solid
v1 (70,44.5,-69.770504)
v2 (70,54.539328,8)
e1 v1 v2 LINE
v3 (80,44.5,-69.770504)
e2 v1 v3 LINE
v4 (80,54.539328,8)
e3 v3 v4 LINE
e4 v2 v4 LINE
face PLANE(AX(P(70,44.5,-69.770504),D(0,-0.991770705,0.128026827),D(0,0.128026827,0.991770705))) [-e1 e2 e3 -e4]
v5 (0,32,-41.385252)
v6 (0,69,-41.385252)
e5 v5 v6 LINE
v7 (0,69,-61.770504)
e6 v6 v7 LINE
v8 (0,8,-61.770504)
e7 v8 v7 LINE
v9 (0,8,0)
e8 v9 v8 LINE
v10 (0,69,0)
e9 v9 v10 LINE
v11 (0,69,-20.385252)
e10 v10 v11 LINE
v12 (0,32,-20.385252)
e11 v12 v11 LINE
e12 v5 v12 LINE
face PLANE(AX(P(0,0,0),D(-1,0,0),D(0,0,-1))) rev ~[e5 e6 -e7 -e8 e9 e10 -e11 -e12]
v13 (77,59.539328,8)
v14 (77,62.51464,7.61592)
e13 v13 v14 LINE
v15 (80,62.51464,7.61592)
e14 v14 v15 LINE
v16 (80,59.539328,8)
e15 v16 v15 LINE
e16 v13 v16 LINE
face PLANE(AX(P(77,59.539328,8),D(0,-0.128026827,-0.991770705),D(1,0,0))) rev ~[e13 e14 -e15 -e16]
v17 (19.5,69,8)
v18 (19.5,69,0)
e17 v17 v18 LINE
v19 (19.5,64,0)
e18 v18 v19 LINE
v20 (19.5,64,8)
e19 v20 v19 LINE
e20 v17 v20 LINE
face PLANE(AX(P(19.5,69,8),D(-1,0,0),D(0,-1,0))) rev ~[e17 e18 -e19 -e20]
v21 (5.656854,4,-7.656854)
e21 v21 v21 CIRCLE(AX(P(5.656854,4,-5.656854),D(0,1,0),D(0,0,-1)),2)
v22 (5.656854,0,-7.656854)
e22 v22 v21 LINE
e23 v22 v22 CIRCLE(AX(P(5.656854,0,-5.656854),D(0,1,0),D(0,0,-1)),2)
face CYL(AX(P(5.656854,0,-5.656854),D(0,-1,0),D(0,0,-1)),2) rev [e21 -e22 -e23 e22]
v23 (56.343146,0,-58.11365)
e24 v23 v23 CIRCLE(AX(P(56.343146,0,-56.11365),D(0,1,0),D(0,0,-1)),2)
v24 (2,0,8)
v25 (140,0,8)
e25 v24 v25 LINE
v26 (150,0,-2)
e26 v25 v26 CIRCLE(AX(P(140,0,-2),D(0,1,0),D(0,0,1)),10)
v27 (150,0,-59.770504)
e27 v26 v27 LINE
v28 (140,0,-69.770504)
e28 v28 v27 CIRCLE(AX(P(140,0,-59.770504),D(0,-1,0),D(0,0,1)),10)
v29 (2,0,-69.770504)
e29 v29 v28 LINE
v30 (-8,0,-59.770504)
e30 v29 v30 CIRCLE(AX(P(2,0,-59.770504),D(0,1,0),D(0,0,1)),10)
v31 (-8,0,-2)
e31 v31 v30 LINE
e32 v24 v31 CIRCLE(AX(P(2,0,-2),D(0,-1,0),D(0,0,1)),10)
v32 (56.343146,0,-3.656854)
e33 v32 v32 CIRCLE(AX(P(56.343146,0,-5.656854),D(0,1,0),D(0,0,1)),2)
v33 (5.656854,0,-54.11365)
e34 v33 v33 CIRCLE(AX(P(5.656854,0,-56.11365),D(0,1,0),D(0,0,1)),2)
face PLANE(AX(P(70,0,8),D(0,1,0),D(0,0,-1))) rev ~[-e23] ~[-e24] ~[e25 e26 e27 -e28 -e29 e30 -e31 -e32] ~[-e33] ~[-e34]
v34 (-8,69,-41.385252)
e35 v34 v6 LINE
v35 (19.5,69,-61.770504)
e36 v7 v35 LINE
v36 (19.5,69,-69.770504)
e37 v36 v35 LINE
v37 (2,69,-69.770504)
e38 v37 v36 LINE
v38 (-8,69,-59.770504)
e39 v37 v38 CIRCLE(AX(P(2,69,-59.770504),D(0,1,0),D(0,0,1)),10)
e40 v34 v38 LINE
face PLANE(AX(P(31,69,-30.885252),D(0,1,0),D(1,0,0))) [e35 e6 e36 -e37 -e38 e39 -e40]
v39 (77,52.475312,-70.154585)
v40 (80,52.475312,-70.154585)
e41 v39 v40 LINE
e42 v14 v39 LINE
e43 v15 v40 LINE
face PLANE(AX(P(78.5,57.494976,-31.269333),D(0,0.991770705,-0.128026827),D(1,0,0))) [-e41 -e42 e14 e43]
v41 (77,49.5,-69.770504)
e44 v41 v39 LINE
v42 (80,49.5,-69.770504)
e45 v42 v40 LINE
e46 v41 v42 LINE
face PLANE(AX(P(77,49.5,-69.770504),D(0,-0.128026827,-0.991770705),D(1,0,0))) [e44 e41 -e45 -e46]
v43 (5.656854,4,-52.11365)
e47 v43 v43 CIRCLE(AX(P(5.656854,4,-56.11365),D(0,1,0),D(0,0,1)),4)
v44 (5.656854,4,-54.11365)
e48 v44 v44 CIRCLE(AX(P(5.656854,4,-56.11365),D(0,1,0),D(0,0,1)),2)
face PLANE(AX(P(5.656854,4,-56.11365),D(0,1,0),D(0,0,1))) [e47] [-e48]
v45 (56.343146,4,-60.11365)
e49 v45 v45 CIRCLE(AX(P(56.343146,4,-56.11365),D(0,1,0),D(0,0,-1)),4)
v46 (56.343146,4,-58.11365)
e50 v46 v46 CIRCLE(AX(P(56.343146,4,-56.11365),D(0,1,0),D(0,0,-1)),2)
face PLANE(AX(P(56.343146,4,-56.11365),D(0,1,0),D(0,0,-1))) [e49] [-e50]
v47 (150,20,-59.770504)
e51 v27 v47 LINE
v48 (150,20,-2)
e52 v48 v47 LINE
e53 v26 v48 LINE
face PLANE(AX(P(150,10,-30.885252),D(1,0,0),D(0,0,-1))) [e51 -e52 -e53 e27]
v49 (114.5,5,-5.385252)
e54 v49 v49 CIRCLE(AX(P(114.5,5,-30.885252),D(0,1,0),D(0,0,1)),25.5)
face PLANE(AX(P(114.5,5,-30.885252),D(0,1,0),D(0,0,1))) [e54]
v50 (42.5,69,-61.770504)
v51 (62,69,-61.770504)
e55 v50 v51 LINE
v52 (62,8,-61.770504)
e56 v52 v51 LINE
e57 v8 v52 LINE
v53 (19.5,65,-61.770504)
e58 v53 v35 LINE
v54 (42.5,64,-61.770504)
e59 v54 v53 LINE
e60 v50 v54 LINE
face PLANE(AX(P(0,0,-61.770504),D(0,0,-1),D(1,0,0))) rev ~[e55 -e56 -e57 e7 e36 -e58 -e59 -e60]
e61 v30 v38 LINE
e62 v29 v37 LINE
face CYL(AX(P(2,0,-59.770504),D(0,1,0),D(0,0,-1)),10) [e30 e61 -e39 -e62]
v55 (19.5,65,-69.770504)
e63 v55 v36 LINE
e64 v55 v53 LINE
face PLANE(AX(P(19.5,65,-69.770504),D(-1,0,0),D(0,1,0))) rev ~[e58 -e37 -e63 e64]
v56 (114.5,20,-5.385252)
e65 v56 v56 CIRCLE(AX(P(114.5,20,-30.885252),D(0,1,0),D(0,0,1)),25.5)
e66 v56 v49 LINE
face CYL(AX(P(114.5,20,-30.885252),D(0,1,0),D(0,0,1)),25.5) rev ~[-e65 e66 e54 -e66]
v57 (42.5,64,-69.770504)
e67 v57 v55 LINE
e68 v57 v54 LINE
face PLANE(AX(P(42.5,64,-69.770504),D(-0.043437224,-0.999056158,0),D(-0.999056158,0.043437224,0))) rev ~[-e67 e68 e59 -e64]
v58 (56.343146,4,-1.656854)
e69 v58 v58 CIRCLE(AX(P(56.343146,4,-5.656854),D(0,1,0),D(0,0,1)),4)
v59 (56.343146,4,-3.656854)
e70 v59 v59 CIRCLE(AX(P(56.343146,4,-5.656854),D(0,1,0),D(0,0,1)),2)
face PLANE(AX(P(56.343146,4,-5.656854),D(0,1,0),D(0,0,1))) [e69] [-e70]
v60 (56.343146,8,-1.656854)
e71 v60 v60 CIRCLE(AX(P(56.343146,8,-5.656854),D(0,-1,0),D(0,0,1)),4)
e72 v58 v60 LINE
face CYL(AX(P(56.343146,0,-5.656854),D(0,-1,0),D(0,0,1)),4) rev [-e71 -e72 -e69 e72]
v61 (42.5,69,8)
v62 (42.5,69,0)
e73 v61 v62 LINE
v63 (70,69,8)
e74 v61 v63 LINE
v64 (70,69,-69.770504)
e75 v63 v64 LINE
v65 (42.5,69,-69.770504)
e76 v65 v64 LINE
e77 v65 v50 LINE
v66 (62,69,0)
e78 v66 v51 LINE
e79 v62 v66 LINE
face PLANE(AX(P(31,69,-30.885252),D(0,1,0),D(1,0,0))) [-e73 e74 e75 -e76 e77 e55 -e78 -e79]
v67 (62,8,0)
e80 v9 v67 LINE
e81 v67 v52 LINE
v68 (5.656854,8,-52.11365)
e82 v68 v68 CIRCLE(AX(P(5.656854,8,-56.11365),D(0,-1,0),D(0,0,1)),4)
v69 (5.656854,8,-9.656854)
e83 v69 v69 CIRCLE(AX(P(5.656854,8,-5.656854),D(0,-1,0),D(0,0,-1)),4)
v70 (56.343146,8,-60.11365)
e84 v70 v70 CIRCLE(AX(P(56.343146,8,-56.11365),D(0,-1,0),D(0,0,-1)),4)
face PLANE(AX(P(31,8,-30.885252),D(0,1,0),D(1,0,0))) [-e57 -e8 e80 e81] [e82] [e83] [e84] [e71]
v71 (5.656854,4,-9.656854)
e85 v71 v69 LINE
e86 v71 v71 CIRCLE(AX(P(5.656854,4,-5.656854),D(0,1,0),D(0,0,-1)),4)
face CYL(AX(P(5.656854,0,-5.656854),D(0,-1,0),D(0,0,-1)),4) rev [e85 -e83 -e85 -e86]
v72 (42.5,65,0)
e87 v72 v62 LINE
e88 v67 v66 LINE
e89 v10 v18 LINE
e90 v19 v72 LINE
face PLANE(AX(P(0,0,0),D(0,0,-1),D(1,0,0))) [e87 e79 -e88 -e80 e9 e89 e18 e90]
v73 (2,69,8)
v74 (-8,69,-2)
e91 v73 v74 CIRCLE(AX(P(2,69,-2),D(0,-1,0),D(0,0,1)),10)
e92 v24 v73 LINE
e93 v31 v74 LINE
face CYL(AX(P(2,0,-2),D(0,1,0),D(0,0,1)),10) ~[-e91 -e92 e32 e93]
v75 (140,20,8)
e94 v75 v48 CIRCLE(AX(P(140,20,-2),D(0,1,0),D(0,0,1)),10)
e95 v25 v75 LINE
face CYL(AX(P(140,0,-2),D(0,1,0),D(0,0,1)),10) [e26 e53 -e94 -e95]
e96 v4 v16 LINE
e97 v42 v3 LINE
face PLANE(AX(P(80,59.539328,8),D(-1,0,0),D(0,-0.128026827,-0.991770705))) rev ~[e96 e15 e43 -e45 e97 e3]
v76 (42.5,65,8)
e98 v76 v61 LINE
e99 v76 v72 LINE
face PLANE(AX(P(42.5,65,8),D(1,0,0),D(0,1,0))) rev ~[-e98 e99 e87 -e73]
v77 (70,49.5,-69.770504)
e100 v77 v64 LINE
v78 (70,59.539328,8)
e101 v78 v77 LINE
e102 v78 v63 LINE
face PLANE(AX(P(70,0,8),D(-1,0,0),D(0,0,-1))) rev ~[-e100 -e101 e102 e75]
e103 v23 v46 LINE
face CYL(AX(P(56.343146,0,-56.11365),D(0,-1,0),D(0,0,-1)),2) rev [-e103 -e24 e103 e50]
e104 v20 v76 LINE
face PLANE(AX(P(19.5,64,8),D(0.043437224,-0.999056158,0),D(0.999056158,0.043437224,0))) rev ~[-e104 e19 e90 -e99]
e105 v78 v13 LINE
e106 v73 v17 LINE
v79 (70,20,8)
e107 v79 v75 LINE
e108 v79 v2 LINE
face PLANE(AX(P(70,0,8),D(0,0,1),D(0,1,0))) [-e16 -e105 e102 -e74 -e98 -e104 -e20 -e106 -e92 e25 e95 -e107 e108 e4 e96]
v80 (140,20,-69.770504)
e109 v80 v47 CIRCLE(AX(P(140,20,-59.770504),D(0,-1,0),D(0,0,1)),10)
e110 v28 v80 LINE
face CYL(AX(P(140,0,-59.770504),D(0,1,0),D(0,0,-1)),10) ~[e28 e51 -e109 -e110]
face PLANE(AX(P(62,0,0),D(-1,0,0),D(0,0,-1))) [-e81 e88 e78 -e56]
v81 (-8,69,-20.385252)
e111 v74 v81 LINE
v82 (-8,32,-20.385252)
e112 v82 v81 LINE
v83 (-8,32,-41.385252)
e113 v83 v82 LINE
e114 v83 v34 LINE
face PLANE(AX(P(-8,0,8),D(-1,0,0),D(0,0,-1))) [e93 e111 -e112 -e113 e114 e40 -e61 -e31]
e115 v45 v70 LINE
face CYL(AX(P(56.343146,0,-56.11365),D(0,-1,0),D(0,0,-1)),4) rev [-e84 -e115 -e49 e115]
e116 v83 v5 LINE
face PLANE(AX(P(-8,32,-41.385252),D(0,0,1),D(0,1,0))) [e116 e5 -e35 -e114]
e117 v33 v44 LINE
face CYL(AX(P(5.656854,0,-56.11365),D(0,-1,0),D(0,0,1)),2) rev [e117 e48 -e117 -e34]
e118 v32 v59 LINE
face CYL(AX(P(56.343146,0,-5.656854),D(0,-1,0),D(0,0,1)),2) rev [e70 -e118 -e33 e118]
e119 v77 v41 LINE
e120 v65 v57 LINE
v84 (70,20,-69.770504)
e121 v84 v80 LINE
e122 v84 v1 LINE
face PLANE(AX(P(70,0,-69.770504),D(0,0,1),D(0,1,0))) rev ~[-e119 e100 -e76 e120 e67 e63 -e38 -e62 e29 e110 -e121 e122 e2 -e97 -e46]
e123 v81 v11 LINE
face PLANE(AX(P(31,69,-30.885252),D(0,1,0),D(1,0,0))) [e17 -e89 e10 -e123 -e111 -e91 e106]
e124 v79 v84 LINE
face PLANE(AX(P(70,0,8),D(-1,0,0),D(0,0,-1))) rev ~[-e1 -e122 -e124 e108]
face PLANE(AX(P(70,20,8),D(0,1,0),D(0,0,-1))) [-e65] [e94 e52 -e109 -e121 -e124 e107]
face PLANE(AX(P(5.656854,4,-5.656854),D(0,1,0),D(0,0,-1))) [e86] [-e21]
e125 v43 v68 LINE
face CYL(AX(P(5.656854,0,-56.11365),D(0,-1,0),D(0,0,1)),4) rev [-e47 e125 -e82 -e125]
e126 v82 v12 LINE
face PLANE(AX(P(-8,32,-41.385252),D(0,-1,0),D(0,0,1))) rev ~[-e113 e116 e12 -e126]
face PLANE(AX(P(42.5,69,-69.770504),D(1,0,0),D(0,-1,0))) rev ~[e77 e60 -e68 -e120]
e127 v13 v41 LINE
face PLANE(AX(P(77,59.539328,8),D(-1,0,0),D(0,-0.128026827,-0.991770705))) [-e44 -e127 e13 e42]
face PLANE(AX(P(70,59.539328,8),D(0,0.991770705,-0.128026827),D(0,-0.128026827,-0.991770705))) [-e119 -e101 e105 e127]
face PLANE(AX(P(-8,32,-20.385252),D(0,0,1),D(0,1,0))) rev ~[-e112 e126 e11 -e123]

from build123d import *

# Parameters (mm, degrees)
SKETCH1_W            = 62
SKETCH1_H            = 61.770504471
BOSS_EXTRUDE6_DEPTH  = 8
SKETCH1_15_W         = 78
SKETCH1_15_H         = 77.770504471
SKETCH1_15_W_2       = 62
SKETCH1_15_H_2       = 61.770504471
BOSS_EXTRUDE9_DEPTH  = 69
SKETCH1_17_R         = 4
CUT_EXTRUDE2_DEPTH   = 56
SKETCH1_18_R         = 4
SKETCH1_18_R_2       = 2
BOSS_EXTRUDE10_DEPTH = 4
CUT_EXTRUDE10_DEPTH  = 8
CUT_EXTRUDE11_DEPTH  = 8
SKETCH6_W            = 21
SKETCH6_H            = 37
CUT_EXTRUDE13_DEPTH  = 10
SKETCH12_W           = 77.770504471
SKETCH12_H           = 20
BOSS_EXTRUDE12_DEPTH = 80
BOSS_EXTRUDE13_DEPTH = 10
SKETCH14_W           = 3
SKETCH14_H           = 78.415811308
BOSS_EXTRUDE14_DEPTH = 3
SKETCH15_R           = 25.5
CUT_EXTRUDE14_DEPTH  = 15
FILLET1_R            = 10


with BuildPart() as part:
    # Sketch1 → Boss-Extrude6 (new body)
    with BuildSketch(Plane(origin=(0, 0, 0), x_dir=(1, 0, 0), z_dir=(0, 1, 0))):
        with Locations((31, 30.885252236)):
            Rectangle(SKETCH1_W, SKETCH1_H)
    extrude(amount=BOSS_EXTRUDE6_DEPTH)

    # Sketch1<15> → Boss-Extrude9 (add)
    with BuildSketch(Plane(origin=(0, 0, 0), x_dir=(1, 0, 0), z_dir=(0, 1, 0))):
        with Locations((31, 30.885252236)):
            Rectangle(SKETCH1_15_W, SKETCH1_15_H)
        with Locations((31, 30.885252236)):
            Rectangle(SKETCH1_15_W_2, SKETCH1_15_H_2, mode=Mode.SUBTRACT)
    extrude(amount=BOSS_EXTRUDE9_DEPTH)

    # Sketch1<17> → Cut-Extrude2 (cut)
    with BuildSketch(Plane(origin=(0, 0, 0), x_dir=(1, 0, 0), z_dir=(0, 1, 0))):
        with Locations((5.656854249, 56.113650222)):
            Circle(SKETCH1_17_R)
        with Locations((56.343145751, 56.113650222)):
            Circle(SKETCH1_17_R)
        with Locations((56.343145751, 5.656854249)):
            Circle(SKETCH1_17_R)
        with Locations((5.656854249, 5.656854249)):
            Circle(SKETCH1_17_R)
    extrude(amount=CUT_EXTRUDE2_DEPTH, mode=Mode.SUBTRACT)

    # Sketch1<18> → Boss-Extrude10 (add)
    # profile 1 of 4: a face of its own
    with BuildSketch(Plane(origin=(0, 0, 0), x_dir=(1, 0, 0), z_dir=(0, 1, 0))):
        with Locations((5.656854249, 56.113650222)):
            Circle(SKETCH1_18_R)
        with Locations((5.656854249, 56.113650222)):
            Circle(SKETCH1_18_R_2, mode=Mode.SUBTRACT)
    # profile 2 of 4: a face of its own
    with BuildSketch(Plane(origin=(0, 0, 0), x_dir=(1, 0, 0), z_dir=(0, 1, 0))):
        with Locations((56.343145751, 56.113650222)):
            Circle(SKETCH1_18_R)
        with Locations((56.343145751, 56.113650222)):
            Circle(SKETCH1_18_R_2, mode=Mode.SUBTRACT)
    # profile 3 of 4: a face of its own
    with BuildSketch(Plane(origin=(0, 0, 0), x_dir=(1, 0, 0), z_dir=(0, 1, 0))):
        with Locations((56.343145751, 5.656854249)):
            Circle(SKETCH1_18_R)
        with Locations((56.343145751, 5.656854249)):
            Circle(SKETCH1_18_R_2, mode=Mode.SUBTRACT)
    # profile 4 of 4: a face of its own
    with BuildSketch(Plane(origin=(0, 0, 0), x_dir=(1, 0, 0), z_dir=(0, 1, 0))):
        with Locations((5.656854249, 5.656854249)):
            Circle(SKETCH1_18_R)
        with Locations((5.656854249, 5.656854249)):
            Circle(SKETCH1_18_R_2, mode=Mode.SUBTRACT)
    extrude(amount=BOSS_EXTRUDE10_DEPTH)

    # Sketch3 → Cut-Extrude10 (cut)
    with BuildSketch(Plane(origin=(0, 0, -69.770504471), x_dir=(-1, 0, 0), z_dir=(0, 0, -1))):
        Polygon((-42.5, 69), (-42.5, 64), (-19.5, 65), (-19.5, 69), align=None)
    extrude(amount=-CUT_EXTRUDE10_DEPTH, mode=Mode.SUBTRACT)

    # Sketch9 → Cut-Extrude11 (cut)
    with BuildSketch(Plane.XY.offset(8)):
        Polygon((19.5, 69), (19.5, 64), (42.5, 65), (42.5, 69), align=None)
    extrude(amount=-CUT_EXTRUDE11_DEPTH, mode=Mode.SUBTRACT)

    # Sketch6 → Cut-Extrude13 (cut)
    with BuildSketch(Plane.ZY.offset(8)):
        with Locations((-30.885252236, 50.5)):
            Rectangle(SKETCH6_W, SKETCH6_H)
    extrude(amount=-CUT_EXTRUDE13_DEPTH, mode=Mode.SUBTRACT)

    # Sketch12 → Boss-Extrude12 (add)
    with BuildSketch(Plane(origin=(70, 0, 0), x_dir=(0, 0, -1), z_dir=(1, 0, 0))):
        with Locations((30.885252236, 10)):
            Rectangle(SKETCH12_W, SKETCH12_H)
    extrude(amount=BOSS_EXTRUDE12_DEPTH)

    # Sketch13 → Boss-Extrude13 (add)
    with BuildSketch(Plane(origin=(70, 0, 0), x_dir=(0, 0, -1), z_dir=(1, 0, 0))):
        Polygon((-8, 59.539327542), (69.770504471, 49.5), (69.770504471, 44.5), (-8, 54.539327542), align=None)
    extrude(amount=BOSS_EXTRUDE13_DEPTH)

    # Sketch14 → Boss-Extrude14 (add)
    with BuildSketch(Plane(origin=(0, 57.547640196, -7.428775384), x_dir=(1, 0, 0), z_dir=(0, 0.9917707050815963, -0.12802682743063418))):
        with Locations((78.5, 23.651108801)):
            Rectangle(SKETCH14_W, SKETCH14_H)
    extrude(amount=BOSS_EXTRUDE14_DEPTH)

    # Sketch15 → Cut-Extrude14 (cut)
    with BuildSketch(Plane(origin=(0, 20, 0), x_dir=(1, 0, 0), z_dir=(0, 1, 0))):
        with Locations((114.5, 30.885252236)):
            Circle(SKETCH15_R)
    extrude(amount=-CUT_EXTRUDE14_DEPTH, mode=Mode.SUBTRACT)

    # Fillet1
    fillet1_edges = [part.edges().sort_by_distance(p)[0] for p in [
        (-8, 34.5, -69.770504471),
        (-8, 34.5, 8),
        (150, 10, -69.770504471),
        (150, 10, 8),
    ]]
    fillet(fillet1_edges, radius=FILLET1_R)


solid = part.part
